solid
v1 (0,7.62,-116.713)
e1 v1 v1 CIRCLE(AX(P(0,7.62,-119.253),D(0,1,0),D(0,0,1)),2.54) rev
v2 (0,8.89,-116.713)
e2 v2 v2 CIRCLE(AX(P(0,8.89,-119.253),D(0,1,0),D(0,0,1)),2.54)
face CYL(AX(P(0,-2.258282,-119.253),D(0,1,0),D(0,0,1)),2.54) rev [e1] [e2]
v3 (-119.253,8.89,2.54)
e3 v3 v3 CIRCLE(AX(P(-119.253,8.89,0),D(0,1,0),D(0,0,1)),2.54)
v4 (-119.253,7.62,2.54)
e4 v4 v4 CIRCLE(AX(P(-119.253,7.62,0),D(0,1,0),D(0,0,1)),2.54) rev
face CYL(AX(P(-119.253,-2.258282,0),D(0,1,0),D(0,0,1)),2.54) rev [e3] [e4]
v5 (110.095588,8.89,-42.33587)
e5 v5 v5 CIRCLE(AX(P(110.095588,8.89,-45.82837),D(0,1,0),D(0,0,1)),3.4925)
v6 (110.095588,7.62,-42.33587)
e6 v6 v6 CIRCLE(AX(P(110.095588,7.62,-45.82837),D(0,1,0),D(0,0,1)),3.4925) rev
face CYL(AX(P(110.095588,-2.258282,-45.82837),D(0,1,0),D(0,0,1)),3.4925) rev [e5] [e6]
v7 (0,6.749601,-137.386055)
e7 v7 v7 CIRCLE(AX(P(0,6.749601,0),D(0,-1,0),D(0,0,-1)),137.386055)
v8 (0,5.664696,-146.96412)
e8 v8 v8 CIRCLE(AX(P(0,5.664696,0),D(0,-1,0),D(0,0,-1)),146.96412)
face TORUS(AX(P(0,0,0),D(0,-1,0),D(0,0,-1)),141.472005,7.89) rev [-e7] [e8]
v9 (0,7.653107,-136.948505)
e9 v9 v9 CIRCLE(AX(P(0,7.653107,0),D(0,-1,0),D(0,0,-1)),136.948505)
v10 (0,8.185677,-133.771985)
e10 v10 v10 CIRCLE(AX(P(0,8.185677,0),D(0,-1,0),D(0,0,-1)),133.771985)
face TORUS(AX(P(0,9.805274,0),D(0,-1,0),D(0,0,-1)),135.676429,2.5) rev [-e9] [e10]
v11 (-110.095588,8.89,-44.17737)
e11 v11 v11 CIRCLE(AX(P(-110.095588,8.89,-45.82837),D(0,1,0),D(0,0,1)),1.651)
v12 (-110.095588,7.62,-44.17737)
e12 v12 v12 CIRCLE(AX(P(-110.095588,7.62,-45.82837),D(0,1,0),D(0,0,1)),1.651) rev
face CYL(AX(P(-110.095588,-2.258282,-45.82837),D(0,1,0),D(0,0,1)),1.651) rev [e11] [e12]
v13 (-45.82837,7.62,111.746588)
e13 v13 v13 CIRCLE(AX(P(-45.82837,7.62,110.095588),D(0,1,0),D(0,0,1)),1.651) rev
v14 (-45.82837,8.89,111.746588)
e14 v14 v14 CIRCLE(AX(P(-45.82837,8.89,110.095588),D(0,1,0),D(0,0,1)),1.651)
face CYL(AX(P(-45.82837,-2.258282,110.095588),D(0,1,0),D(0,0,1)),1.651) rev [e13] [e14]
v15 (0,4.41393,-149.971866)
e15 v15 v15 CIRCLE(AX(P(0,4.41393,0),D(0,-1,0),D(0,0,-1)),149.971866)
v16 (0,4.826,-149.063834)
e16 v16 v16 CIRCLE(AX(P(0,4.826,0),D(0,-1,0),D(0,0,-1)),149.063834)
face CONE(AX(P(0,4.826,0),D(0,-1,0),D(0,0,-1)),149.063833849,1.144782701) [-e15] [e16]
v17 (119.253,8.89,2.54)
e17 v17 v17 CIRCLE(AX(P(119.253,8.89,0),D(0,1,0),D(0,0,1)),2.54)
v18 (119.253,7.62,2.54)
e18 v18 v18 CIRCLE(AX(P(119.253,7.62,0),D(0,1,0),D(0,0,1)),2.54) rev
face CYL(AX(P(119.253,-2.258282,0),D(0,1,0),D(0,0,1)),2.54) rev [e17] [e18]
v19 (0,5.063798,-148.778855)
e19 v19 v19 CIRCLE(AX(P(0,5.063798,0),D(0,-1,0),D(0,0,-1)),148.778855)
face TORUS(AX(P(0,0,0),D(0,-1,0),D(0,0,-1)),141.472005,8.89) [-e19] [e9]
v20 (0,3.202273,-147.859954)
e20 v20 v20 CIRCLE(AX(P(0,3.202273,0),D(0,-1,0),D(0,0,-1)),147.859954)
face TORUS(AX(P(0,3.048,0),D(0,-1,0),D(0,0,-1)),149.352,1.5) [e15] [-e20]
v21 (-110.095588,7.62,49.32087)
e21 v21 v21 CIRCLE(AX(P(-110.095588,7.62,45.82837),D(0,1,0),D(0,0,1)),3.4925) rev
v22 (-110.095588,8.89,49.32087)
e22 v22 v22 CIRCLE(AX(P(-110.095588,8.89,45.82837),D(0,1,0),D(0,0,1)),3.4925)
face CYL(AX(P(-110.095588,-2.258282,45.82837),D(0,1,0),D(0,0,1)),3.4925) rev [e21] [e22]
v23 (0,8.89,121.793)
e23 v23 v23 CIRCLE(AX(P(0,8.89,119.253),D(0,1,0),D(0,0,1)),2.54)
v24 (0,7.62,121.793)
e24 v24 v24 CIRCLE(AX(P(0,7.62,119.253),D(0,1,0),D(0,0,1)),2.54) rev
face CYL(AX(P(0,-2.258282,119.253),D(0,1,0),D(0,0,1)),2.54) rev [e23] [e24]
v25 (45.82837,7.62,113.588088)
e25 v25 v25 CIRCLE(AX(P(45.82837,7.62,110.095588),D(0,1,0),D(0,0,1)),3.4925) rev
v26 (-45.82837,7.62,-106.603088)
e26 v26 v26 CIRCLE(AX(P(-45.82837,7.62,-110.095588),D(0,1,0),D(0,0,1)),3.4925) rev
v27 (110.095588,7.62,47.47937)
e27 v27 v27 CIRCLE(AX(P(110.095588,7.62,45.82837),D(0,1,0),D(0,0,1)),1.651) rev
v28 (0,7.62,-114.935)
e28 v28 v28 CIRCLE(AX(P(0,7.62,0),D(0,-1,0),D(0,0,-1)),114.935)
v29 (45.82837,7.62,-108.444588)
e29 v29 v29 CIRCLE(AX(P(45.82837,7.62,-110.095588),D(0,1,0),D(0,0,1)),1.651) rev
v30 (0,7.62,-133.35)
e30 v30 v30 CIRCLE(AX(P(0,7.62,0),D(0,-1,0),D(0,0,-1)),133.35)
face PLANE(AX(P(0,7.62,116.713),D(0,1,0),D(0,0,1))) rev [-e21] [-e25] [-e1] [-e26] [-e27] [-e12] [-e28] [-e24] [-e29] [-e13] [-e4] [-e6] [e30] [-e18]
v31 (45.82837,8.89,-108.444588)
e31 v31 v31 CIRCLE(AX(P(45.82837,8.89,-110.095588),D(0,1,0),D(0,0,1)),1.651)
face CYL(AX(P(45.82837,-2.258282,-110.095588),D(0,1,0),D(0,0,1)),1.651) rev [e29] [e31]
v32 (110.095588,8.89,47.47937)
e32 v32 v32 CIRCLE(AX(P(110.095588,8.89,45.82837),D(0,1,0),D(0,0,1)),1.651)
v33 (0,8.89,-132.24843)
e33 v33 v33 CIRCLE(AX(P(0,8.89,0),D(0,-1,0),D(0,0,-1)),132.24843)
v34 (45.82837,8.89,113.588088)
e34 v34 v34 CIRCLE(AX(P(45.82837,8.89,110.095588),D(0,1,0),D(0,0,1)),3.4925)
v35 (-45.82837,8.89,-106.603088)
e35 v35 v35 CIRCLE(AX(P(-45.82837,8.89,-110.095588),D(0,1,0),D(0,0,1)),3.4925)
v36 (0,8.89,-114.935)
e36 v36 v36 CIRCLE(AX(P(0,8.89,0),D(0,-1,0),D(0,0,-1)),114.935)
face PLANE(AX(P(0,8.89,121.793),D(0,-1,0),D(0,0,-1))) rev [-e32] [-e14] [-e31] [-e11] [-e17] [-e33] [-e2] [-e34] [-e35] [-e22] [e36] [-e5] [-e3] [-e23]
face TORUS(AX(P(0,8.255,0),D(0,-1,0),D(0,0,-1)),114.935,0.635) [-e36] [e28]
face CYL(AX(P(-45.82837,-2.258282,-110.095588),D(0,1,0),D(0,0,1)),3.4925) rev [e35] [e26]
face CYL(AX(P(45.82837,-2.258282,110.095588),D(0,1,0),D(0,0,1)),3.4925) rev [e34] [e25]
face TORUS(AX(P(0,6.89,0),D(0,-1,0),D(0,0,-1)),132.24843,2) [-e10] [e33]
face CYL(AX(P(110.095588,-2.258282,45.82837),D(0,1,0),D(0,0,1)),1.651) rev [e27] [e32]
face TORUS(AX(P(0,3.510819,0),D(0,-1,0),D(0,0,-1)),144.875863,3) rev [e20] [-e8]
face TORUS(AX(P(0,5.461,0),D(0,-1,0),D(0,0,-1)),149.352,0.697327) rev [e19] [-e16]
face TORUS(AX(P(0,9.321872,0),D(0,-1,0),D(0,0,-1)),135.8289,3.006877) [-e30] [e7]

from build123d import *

# Parameters (mm, degrees)
SKETCH2_R          = 1.651
SKETCH2_R_2        = 2.54
SKETCH2_R_3        = 3.4925
CUT_EXTRUDE1_DEPTH = 1.27


with BuildPart() as part:
    # Sketch1 → Revolve1 (revolve)
    with BuildSketch(Plane(origin=(0, 0, 0), x_dir=(0, 0, -1), z_dir=(1, 0, 0)), mode=Mode.PRIVATE) as revolve1_sk:
        with BuildLine():
            Line((-121.793, 8.89), (-116.713, 8.89))
            Line((-116.713, 8.89), (-114.935, 8.89))
            ThreePointArc((-114.935, 8.89), (-114.3, 8.255), (-114.935, 7.62))
            Line((-114.935, 7.62), (-116.713, 7.62))
            Line((-116.713, 7.62), (-121.793, 7.62))
            Line((-121.793, 7.62), (-133.35, 7.62))
            ThreePointArc((-133.35, 7.62), (-135.195021074, 6.382567639), (-137.386054728, 6.749600521))
            ThreePointArc((-137.386054728, 6.749600521), (-142.360024973, 7.839867424), (-146.964119908, 5.664695766))
            ThreePointArc((-146.964119908, 5.664695766), (-147.695093611, 4.53646091), (-147.859954479, 3.202273016))
            ThreePointArc((-147.859954479, 3.202273016), (-150.098460128, 1.746924569), (-149.971866034, 4.413930489))
            Line((-149.971866034, 4.413930489), (-149.063833849, 4.826))
            ThreePointArc((-149.063833849, 4.826), (-148.905232286, 4.925590493), (-148.778854651, 5.063798364))
            ThreePointArc((-148.778854651, 5.063798364), (-143.37276498, 8.684423584), (-136.948504859, 7.653106752))
            ThreePointArc((-136.948504859, 7.653106752), (-135.263052634, 7.339686916), (-133.771985429, 8.185677335))
            ThreePointArc((-133.771985429, 8.185677335), (-133.087669633, 8.705400048), (-132.248430296, 8.89))
            Line((-132.248430296, 8.89), (-121.793, 8.89))
        make_face()
    revolve(revolve1_sk.sketch.rotate(Axis((0, 0, 0), (0, 1, 0)), 180), axis=Axis((0, 0, 0), (0, 1, 0)))

    # Sketch2 → Cut-Extrude1 (cut)
    with BuildSketch(Plane(origin=(0, 8.89, 0), x_dir=(1, 0, 0), z_dir=(0, 1, 0))):
        with Locations(Location((-45.828370113, -110.095588021, 0), (0, 0, 270))):
            Circle(SKETCH2_R)
        with Locations(Location((0, -119.253, 0), (0, 0, 270))):
            Circle(SKETCH2_R_2)
        with Locations(Location((45.828370113, -110.095588021, 0), (0, 0, 270))):
            Circle(SKETCH2_R_3)
        with Locations(Location((110.095588021, -45.828370113, 0), (0, 0, 270))):
            Circle(SKETCH2_R)
        with Locations(Location((119.253, 0, 0), (0, 0, 270))):
            Circle(SKETCH2_R_2)
        with Locations(Location((110.095588021, 45.828370113, 0), (0, 0, 270))):
            Circle(SKETCH2_R_3)
        with Locations(Location((45.828370113, 110.095588021, 0), (0, 0, 270))):
            Circle(SKETCH2_R)
        with Locations(Location((-110.095588021, -45.828370113, 0), (0, 0, 270))):
            Circle(SKETCH2_R_3)
        with Locations(Location((-119.253, 0, 0), (0, 0, 270))):
            Circle(SKETCH2_R_2)
        with Locations(Location((-110.095588021, 45.828370113, 0), (0, 0, 270))):
            Circle(SKETCH2_R)
        with Locations(Location((0, 119.253, 0), (0, 0, 270))):
            Circle(SKETCH2_R_2)
        with Locations(Location((-45.828370113, 110.095588021, 0), (0, 0, 270))):
            Circle(SKETCH2_R_3)
    extrude(amount=-CUT_EXTRUDE1_DEPTH, mode=Mode.SUBTRACT)


solid = part.part
